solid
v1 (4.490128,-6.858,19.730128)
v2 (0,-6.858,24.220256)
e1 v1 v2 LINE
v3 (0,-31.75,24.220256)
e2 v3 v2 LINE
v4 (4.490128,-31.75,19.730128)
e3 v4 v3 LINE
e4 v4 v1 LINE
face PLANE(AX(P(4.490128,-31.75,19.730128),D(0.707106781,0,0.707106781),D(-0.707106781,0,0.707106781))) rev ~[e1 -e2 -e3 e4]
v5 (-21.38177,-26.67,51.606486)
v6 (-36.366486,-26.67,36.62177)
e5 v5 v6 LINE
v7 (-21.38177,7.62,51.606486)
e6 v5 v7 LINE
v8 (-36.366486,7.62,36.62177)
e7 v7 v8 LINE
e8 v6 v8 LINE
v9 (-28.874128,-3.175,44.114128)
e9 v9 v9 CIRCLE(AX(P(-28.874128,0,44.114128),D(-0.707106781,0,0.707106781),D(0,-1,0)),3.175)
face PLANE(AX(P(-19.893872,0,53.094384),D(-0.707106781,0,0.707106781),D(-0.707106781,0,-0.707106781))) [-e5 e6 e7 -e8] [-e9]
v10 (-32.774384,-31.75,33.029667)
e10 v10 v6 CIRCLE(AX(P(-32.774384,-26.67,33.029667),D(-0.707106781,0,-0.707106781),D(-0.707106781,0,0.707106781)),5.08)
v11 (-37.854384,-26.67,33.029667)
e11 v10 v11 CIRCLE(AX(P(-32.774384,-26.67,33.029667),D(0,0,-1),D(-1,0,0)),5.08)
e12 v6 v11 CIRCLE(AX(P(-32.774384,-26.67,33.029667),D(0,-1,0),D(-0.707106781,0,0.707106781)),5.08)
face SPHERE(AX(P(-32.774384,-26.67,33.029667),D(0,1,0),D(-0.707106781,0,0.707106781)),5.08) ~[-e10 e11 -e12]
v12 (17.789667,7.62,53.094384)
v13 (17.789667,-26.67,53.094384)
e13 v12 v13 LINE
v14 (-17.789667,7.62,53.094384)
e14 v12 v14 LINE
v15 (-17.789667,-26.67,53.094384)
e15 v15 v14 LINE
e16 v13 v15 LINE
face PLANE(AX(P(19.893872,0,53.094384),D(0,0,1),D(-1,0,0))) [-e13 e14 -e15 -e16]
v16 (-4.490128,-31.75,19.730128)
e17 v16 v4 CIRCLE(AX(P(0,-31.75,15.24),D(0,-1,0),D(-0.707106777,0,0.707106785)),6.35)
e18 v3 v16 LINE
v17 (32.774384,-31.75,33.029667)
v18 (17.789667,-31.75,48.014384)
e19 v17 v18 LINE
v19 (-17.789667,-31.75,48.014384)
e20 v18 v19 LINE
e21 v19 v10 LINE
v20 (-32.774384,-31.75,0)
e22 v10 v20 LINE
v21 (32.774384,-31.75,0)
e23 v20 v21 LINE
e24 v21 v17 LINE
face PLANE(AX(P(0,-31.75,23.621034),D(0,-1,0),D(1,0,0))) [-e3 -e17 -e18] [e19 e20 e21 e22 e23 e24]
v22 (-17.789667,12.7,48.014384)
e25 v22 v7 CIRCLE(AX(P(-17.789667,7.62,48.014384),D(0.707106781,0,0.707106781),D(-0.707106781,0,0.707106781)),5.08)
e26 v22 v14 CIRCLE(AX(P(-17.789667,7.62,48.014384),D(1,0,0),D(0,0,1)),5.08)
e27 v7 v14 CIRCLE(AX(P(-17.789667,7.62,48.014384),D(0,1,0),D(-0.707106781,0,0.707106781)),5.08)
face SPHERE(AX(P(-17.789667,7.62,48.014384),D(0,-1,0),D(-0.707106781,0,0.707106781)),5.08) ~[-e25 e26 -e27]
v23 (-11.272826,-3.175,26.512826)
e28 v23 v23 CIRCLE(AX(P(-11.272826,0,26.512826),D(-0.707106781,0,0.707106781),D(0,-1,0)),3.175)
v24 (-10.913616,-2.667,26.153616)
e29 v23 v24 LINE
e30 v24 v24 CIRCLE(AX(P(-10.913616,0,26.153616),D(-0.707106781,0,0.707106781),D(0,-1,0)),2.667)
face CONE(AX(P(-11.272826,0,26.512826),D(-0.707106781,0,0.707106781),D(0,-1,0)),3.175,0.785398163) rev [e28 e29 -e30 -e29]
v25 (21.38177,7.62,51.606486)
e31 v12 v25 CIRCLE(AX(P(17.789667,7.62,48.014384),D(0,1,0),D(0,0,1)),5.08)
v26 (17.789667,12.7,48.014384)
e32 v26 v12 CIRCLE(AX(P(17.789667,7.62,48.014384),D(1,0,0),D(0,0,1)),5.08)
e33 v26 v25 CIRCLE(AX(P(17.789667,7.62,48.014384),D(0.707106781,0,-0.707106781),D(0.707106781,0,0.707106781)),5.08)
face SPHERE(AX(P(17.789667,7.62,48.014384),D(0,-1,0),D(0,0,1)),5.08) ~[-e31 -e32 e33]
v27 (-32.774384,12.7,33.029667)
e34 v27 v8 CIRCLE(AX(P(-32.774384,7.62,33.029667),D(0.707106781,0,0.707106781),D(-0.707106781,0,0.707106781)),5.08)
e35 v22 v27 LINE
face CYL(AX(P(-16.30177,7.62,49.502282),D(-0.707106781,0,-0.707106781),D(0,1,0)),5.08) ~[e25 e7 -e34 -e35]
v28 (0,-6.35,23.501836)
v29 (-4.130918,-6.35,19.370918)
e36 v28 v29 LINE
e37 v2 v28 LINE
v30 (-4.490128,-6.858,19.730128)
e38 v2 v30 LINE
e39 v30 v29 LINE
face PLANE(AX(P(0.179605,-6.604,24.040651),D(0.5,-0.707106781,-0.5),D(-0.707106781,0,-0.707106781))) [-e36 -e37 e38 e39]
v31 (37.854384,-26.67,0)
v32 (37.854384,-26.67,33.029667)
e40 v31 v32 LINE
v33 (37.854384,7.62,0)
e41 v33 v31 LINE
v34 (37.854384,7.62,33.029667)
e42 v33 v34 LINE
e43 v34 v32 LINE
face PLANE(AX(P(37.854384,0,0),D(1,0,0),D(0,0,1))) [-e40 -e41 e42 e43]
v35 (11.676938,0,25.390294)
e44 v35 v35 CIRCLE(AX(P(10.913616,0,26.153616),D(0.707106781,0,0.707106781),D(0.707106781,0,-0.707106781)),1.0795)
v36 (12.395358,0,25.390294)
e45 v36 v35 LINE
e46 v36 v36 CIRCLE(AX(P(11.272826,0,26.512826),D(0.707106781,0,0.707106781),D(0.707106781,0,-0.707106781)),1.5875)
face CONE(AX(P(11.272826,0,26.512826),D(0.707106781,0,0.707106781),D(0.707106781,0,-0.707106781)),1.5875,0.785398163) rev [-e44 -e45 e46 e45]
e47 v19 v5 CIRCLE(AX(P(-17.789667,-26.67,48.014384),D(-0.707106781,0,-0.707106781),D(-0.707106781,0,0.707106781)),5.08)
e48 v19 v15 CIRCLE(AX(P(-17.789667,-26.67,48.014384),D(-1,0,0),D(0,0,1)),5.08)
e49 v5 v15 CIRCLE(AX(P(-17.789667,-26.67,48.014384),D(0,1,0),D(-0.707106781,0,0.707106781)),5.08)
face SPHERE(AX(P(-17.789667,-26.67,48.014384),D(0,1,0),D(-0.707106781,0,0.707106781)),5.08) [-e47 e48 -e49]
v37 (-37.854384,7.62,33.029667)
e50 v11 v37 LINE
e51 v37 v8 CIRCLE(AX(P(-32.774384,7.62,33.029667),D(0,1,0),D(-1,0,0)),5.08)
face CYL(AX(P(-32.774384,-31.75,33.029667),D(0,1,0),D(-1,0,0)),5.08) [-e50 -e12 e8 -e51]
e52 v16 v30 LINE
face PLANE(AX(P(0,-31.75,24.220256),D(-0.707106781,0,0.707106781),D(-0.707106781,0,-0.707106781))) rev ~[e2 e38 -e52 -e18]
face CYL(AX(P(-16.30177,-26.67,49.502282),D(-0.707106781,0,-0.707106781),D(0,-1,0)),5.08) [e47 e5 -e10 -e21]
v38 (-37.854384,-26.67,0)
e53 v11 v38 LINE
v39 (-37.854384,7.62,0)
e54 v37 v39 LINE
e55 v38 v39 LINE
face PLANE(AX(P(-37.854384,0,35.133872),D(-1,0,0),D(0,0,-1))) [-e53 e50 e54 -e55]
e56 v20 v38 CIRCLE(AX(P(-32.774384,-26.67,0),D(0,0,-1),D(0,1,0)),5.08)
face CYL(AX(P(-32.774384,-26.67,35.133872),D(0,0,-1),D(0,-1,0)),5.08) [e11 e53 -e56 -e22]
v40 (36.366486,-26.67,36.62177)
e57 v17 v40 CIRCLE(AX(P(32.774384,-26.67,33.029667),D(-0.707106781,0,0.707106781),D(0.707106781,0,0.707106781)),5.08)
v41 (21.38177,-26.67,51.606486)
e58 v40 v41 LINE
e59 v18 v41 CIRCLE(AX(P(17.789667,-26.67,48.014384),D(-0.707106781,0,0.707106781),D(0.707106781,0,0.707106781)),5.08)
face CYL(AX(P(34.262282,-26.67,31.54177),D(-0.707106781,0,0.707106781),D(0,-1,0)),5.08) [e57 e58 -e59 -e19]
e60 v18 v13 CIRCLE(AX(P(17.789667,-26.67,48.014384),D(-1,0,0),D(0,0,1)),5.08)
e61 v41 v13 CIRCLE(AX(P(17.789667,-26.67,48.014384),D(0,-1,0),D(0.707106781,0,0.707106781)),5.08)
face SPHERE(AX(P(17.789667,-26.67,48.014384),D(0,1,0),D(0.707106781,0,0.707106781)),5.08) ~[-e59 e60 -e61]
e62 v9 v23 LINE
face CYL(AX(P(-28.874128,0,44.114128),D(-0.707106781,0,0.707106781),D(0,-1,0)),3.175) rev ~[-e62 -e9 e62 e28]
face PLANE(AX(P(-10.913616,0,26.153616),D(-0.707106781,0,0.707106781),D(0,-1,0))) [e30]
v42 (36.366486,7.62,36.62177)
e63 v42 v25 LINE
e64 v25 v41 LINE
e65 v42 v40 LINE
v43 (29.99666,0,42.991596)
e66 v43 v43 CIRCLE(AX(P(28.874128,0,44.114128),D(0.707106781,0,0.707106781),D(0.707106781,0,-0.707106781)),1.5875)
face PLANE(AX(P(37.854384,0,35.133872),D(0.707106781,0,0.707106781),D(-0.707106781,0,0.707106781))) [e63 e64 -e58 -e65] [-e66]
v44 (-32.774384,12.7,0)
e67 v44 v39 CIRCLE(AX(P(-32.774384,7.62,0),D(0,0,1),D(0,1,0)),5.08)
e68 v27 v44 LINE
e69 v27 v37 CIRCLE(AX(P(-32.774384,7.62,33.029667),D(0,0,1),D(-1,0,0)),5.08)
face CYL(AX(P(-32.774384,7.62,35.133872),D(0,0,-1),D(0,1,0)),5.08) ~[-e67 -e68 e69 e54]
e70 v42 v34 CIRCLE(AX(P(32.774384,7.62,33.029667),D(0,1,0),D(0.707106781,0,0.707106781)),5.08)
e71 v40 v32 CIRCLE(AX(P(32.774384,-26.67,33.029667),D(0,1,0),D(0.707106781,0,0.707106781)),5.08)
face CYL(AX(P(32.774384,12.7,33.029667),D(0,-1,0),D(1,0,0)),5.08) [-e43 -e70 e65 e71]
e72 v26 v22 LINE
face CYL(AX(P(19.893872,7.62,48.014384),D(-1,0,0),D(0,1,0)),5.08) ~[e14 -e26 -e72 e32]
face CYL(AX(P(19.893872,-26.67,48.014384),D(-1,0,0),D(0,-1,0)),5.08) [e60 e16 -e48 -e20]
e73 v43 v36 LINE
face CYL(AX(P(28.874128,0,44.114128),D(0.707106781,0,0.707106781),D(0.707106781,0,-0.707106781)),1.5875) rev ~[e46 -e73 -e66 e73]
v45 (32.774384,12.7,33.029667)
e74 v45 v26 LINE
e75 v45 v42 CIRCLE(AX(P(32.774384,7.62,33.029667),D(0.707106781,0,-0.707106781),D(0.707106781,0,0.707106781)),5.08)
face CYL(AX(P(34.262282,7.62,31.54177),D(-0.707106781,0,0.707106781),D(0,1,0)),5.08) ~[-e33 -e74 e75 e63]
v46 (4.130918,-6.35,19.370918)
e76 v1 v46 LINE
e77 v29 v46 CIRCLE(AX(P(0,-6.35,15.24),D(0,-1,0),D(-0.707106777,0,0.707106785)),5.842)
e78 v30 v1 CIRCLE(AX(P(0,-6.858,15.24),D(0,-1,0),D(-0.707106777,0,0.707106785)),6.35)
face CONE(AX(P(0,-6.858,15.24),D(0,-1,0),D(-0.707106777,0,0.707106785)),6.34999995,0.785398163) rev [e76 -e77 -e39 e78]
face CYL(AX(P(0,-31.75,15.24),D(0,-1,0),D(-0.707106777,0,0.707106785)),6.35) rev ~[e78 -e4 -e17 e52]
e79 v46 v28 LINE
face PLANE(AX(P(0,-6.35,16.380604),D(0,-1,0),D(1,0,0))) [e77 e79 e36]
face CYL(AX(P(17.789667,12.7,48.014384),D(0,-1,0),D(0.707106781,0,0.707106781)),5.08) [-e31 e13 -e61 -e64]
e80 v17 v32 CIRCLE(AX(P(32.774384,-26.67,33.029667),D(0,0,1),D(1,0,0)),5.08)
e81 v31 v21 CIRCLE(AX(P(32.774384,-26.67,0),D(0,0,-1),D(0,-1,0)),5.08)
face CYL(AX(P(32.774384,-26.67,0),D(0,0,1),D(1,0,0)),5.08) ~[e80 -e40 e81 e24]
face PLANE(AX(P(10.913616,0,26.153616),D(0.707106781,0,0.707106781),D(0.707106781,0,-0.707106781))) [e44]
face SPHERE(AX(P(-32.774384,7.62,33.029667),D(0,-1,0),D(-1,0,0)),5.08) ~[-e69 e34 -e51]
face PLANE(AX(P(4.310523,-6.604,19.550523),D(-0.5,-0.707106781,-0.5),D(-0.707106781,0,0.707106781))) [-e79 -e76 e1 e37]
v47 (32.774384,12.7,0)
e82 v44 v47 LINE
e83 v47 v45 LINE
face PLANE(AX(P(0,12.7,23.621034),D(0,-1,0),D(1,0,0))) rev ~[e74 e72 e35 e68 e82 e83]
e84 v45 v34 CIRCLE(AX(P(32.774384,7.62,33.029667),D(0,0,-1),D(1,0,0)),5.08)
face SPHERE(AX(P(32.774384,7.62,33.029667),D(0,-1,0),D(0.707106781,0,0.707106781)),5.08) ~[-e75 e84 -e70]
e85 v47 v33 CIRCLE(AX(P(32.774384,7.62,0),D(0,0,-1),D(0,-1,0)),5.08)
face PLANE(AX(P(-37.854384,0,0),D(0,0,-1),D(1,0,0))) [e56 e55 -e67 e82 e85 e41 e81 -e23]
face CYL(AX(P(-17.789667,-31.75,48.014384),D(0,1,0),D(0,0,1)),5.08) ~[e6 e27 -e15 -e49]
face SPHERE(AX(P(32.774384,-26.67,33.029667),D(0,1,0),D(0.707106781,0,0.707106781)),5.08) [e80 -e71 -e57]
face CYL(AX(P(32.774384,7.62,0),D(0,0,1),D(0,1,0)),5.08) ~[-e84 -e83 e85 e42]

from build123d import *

# Parameters (mm, degrees)
F1_DEPTH      = 31.75
F1_DEPTH_BACK = 12.7
F2_R          = 3.175
F3_DEPTH      = 25.4
F4_R          = 1.5875
F5_DEPTH      = 25.4
F7_DEPTH      = 25.4
F8_R          = 5.08
F9_SIZE       = 0.508


with BuildPart() as f1:
    # F0 (on Front) → F1 (new body, two sides)
    with BuildSketch(Plane.XZ) as f1_sk:
        Polygon((-37.854384, 0), (0, 0), (37.854384, 0), (37.854384, 35.133872), (19.893872, 53.094384), (0, 53.094384), (-19.893872, 53.094384), (-37.854384, 35.133872), align=None)
    extrude(amount=F1_DEPTH)
    extrude(f1_sk.sketch, amount=-F1_DEPTH_BACK)

    # F2 (on face) → F3 (cut)
    with BuildSketch(Plane(origin=(-36.494128, 0, 36.494128), x_dir=(0, -1, 0), z_dir=(-0.707107, 0, 0.707107))):
        with Locations((0, 10.776307)):
            Circle(F2_R)
    extrude(amount=-F3_DEPTH, mode=Mode.SUBTRACT)

    # F4 (on face) → F5 (cut)
    with BuildSketch(Plane(origin=(36.494128, 0, 36.494128), x_dir=(0.707107, 0, -0.707107), z_dir=(0.707107, 0, 0.707107))):
        with Locations((-10.776307, 0)):
            Circle(F4_R)
    extrude(amount=-F5_DEPTH, mode=Mode.SUBTRACT)

    # F6 (on face) → F7 (cut)
    with BuildSketch(Plane.XZ.offset(31.75)):
        with BuildLine():
            Line((0, 24.220256), (-4.490128, 19.730128))
            ThreePointArc((-4.490128, 19.730128), (0, 8.89), (4.490128, 19.730128))
            Line((4.490128, 19.730128), (0, 24.220256))
        make_face()
    extrude(amount=-F7_DEPTH, mode=Mode.SUBTRACT)

    # F8
    f8_edges = [f1.edges().sort_by_distance(p)[0] for p in [
        (-37.854384, 12.7, 17.566936),
        (-28.874128, 12.7, 44.114128),
        (0, 12.7, 53.094384),
        (28.874128, 12.7, 44.114128),
        (37.854384, 12.7, 17.566936),
        (-19.893872, -9.525, 53.094384),
        (-37.854384, -9.525, 35.133872),
        (-28.874128, -31.75, 44.114128),
        (-37.854384, -31.75, 17.566936),
        (0, -31.75, 53.094384),
        (19.893872, -9.525, 53.094384),
        (28.874128, -31.75, 44.114128),
        (37.854384, -31.75, 17.566936),
        (37.854384, -9.525, 35.133872),
    ]]
    fillet(f8_edges, radius=F8_R)

    # F9
    f9_edges = [f1.edges().sort_by_distance(p)[0] for p in [
        (0, -6.35, 8.89),
        (-10.913616, 3.175, 26.153616),
        (9.791084, 0, 27.276148),
    ]]
    chamfer(f9_edges, length=F9_SIZE)


solid = f1.part
